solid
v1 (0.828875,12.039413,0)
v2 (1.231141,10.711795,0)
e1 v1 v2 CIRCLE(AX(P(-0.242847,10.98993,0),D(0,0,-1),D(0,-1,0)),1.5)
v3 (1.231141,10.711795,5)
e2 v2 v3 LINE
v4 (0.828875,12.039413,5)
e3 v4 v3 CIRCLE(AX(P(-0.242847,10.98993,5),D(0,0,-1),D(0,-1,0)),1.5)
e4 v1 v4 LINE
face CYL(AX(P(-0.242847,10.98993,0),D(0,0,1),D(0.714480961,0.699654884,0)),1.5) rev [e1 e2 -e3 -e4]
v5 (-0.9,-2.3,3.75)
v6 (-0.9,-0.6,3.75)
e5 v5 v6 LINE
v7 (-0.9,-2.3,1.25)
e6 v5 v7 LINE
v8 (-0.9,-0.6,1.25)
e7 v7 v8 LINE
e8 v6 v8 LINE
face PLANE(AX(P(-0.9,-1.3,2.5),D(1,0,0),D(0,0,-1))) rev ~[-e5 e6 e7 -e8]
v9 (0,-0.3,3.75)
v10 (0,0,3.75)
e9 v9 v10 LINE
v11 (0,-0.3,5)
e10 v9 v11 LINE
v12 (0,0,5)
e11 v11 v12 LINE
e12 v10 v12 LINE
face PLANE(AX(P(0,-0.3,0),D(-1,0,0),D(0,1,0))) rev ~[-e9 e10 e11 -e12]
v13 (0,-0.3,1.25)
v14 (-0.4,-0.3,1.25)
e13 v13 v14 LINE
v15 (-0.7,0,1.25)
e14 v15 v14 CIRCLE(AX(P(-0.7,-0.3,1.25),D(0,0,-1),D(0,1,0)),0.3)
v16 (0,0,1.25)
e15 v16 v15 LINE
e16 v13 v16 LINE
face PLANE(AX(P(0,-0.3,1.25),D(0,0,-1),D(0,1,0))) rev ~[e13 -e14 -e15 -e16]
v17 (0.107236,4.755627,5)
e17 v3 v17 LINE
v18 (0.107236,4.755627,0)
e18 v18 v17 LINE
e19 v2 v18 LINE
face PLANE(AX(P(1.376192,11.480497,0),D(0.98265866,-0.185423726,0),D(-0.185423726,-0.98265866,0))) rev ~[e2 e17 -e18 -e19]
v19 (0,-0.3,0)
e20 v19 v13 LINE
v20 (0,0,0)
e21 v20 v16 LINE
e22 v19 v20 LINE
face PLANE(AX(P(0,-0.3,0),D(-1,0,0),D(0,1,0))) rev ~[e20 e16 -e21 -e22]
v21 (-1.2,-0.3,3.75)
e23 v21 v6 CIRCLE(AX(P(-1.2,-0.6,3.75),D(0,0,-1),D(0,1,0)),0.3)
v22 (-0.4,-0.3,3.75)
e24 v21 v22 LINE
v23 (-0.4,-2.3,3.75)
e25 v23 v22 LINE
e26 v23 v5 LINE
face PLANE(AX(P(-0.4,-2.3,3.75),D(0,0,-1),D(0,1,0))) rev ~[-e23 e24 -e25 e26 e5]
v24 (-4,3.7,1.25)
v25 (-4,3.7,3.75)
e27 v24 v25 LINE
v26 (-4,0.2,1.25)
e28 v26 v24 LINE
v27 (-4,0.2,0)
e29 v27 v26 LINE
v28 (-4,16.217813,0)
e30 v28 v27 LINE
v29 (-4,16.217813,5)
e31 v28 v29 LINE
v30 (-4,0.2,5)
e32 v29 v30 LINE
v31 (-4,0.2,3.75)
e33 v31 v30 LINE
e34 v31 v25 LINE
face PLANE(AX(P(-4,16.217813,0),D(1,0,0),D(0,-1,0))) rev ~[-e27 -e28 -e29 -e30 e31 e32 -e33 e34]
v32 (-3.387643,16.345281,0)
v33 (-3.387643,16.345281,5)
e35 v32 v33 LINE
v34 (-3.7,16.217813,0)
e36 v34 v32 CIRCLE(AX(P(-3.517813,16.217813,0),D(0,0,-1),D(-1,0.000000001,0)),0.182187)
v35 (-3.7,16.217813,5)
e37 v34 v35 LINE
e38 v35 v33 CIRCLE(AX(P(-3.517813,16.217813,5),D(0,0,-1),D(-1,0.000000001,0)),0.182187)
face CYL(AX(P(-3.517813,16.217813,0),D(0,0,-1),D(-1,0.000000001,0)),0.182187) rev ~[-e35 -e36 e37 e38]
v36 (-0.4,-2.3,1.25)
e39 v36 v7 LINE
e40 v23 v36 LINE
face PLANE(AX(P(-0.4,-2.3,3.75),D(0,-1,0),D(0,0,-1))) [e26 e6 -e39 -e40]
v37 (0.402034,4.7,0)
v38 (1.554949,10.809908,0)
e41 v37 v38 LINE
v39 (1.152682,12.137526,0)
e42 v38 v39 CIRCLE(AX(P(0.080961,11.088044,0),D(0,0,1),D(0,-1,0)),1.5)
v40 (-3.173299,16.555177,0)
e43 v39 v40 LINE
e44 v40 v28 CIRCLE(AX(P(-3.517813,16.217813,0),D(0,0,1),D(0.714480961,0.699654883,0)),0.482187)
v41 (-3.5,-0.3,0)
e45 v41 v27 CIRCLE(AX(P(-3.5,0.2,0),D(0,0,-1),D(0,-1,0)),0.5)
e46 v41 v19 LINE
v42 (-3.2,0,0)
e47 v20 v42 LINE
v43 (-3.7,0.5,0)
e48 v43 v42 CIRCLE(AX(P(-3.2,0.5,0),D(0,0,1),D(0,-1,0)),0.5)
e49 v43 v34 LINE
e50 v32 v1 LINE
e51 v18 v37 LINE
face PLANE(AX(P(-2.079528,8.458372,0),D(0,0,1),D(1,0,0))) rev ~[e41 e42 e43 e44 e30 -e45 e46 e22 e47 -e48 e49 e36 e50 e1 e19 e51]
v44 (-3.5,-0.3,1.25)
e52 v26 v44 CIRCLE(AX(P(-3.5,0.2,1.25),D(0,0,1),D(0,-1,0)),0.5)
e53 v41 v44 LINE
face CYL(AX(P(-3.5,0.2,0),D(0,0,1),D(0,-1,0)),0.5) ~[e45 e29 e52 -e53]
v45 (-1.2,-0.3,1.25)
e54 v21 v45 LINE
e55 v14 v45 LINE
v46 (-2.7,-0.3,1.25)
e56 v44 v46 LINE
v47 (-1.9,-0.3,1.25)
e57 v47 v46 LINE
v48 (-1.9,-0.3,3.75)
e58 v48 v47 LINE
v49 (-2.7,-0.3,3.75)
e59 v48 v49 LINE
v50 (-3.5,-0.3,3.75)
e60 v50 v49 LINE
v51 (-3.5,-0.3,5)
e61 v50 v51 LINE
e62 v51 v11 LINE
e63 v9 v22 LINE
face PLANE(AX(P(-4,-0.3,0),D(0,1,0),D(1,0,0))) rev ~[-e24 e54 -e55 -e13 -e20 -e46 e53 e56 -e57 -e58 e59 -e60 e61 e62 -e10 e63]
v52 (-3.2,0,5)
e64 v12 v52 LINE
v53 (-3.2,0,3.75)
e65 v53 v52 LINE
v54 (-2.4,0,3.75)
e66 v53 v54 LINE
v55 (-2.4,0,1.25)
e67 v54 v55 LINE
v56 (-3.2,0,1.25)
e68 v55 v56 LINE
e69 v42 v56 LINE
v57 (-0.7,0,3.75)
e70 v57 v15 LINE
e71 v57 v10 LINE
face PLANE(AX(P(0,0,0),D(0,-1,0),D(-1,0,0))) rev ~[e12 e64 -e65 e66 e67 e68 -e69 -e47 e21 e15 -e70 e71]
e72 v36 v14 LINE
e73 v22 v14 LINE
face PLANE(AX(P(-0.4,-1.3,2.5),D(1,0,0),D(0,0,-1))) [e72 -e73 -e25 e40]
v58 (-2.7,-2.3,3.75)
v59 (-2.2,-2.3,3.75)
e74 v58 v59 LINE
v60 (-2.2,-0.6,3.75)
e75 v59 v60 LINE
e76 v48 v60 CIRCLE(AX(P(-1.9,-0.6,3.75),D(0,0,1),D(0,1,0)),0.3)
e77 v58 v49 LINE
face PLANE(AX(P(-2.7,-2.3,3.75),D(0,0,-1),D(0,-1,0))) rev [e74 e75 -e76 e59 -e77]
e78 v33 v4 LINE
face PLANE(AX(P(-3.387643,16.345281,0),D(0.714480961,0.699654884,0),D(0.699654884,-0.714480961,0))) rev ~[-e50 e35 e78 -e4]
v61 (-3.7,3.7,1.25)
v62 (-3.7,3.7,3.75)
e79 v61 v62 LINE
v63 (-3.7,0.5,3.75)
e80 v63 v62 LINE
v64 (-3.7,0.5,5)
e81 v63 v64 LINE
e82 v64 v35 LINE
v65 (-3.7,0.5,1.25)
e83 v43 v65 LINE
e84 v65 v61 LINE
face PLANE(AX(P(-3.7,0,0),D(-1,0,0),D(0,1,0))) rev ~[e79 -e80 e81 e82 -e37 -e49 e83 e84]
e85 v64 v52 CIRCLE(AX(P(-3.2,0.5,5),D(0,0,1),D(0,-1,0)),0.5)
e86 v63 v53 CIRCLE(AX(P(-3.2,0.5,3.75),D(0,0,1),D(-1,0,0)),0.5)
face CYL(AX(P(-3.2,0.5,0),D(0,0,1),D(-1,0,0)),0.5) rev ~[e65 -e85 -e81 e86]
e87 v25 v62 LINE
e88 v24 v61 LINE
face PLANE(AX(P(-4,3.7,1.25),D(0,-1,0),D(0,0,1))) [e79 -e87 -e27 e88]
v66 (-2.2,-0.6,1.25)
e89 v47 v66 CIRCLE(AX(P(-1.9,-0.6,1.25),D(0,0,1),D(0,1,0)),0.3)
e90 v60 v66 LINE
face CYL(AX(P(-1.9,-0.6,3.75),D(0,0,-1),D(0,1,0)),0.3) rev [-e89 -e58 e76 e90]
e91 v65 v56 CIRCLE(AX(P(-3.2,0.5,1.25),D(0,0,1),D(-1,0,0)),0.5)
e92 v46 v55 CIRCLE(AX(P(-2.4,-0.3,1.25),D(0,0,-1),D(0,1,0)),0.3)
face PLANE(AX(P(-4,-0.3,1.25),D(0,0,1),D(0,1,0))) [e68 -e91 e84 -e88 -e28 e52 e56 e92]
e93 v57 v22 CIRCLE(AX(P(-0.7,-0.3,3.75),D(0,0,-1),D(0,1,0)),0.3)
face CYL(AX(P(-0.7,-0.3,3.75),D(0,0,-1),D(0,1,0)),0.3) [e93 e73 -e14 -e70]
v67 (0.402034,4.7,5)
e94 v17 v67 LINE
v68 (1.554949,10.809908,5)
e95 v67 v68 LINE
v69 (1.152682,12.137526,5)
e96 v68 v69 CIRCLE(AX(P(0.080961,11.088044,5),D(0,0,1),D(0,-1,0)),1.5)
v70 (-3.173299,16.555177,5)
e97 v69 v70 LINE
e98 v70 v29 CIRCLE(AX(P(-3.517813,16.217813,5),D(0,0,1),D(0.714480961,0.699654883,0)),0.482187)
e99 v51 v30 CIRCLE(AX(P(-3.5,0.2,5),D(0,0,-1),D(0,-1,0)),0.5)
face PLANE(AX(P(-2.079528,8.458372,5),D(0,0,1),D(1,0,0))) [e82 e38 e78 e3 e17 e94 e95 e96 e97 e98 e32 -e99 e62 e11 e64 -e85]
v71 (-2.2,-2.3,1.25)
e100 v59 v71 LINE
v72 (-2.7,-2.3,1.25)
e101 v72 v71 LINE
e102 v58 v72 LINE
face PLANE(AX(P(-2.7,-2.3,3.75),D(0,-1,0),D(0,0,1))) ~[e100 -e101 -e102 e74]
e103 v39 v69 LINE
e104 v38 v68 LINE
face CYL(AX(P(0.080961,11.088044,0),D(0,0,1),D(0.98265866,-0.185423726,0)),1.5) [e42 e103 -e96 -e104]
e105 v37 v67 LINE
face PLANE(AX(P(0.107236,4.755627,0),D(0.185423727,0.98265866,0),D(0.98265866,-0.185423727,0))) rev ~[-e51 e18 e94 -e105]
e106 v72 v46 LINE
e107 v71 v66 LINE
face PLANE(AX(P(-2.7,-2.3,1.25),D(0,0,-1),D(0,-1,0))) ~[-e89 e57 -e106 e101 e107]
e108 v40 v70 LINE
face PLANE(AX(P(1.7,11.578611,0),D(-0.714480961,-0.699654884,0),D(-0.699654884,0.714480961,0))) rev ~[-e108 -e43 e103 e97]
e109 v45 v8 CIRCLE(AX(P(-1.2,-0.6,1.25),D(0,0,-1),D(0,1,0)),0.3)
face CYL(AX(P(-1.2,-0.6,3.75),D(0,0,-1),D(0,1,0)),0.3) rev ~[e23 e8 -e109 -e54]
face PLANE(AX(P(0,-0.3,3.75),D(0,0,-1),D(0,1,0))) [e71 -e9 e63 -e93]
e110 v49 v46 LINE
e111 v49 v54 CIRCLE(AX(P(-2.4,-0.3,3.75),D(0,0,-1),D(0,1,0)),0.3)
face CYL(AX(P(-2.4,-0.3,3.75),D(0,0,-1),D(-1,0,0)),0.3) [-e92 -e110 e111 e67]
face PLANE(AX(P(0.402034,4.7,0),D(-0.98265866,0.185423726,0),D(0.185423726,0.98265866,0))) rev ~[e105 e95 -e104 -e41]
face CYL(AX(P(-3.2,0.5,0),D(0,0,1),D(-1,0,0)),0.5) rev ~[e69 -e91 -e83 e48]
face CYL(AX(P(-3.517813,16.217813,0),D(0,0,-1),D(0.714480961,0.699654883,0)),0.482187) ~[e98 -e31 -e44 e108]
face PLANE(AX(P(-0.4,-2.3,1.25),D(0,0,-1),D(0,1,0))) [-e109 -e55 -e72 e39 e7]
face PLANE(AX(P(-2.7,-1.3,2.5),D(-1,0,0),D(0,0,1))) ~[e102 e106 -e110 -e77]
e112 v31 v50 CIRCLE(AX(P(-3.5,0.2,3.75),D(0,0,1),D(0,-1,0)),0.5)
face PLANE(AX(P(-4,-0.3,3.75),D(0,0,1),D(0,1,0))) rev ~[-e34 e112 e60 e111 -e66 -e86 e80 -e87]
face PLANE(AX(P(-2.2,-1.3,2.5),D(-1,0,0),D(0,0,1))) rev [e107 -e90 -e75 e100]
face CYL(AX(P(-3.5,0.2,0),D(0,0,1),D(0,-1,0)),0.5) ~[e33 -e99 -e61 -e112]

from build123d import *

# Parameters (mm, degrees)
BOSS_EXTRU_1_DEPTH      = 5
CONG_2_R                = 1.5
CONG_3_R                = 0.5
ESQUISSE3_W             = 2.5
ESQUISSE3_H             = 4
ENL_V_MAT_EXTRU_1_DEPTH = 1.3
ESQUISSE4_W             = 2.5
ESQUISSE4_H             = 0.3
ENL_V_MAT_EXTRU_2_DEPTH = 0.4
ESQUISSE5_W             = 2.5
ESQUISSE5_H             = 2
BOSS_EXTRU_2_DEPTH      = 0.5
CONG_4_R                = 0.3


with BuildPart() as part:
    # Esquisse2 → Boss.-Extru.1 (new body)
    with BuildSketch(Plane.XY):
        with BuildLine():
            Line((0, 0), (-3.7, 0))
            Line((-3.7, 0), (-3.7, 16.217812561))
            ThreePointArc((-3.7, 16.217812561), (-3.586649408, 16.386494959), (-3.387643104, 16.345280892))
            Line((-3.387643104, 16.345280892), (1.376192195, 11.480497264))
            Line((1.376192195, 11.480497264), (0.107236318, 4.755627118))
            Line((0.107236318, 4.755627118), (0.402033916, 4.7))
            Line((0.402033916, 4.7), (1.7, 11.578610619))
            Line((1.7, 11.578610619), (-3.173298816, 16.555177357))
            ThreePointArc((-3.173298816, 16.555177357), (-3.7, 16.664256805), (-4, 16.217812561))
            Line((-4, 16.217812561), (-4, -0.3))
            Line((-4, -0.3), (0, -0.3))
            Line((0, -0.3), (0, 0))
        make_face()
    extrude(amount=BOSS_EXTRU_1_DEPTH)

    # Congé2
    cong_2_edges = [part.edges().sort_by_distance(p)[0] for p in [
        (1.376192195, 11.480497264, 2.5),
        (1.7, 11.578610619, 2.5),
    ]]
    fillet(cong_2_edges, radius=CONG_2_R)

    # Congé3
    cong_3_edges = [part.edges().sort_by_distance(p)[0] for p in [
        (-3.7, 0, 2.5),
        (-4, -0.3, 2.5),
    ]]
    fillet(cong_3_edges, radius=CONG_3_R)

    # Esquisse3 → Enlèv. mat.-Extru.1 (cut)
    with BuildSketch(Plane.ZY.offset(4)):
        with Locations((2.5, 1.7)):
            Rectangle(ESQUISSE3_W, ESQUISSE3_H)
    extrude(amount=-ENL_V_MAT_EXTRU_1_DEPTH, mode=Mode.SUBTRACT)

    # Esquisse4 → Enlèv. mat.-Extru.2 (cut)
    with BuildSketch(Plane(origin=(0, 0, 0), x_dir=(0, 0, -1), z_dir=(1, 0, 0))):
        with Locations((-2.5, -0.15)):
            Rectangle(ESQUISSE4_W, ESQUISSE4_H)
    extrude(amount=-ENL_V_MAT_EXTRU_2_DEPTH, mode=Mode.SUBTRACT)

    # Esquisse5 → Boss.-Extru.2 (add)
    with BuildSketch(Plane(origin=(-0.4, 0, 0), x_dir=(0, 0, -1), z_dir=(1, 0, 0))):
        with Locations((-2.5, -1.3)):
            Rectangle(ESQUISSE5_W, ESQUISSE5_H)
    boss_extru_2 = extrude(amount=-BOSS_EXTRU_2_DEPTH)

    # Symétrie1: Boss.-Extru.2 across plane
    add(boss_extru_2.mirror(Plane(origin=(-1.55, 0, 0), x_dir=(0, 0, 1), z_dir=(1, 0, 0))))

    # Congé4
    cong_4_edges = [part.edges().sort_by_distance(p)[0] for p in [
        (-0.4, 0, 2.5),
        (-2.7, 0, 2.5),
        (-0.9, -0.3, 2.5),
        (-2.2, -0.3, 2.5),
    ]]
    fillet(cong_4_edges, radius=CONG_4_R)


solid = part.part
